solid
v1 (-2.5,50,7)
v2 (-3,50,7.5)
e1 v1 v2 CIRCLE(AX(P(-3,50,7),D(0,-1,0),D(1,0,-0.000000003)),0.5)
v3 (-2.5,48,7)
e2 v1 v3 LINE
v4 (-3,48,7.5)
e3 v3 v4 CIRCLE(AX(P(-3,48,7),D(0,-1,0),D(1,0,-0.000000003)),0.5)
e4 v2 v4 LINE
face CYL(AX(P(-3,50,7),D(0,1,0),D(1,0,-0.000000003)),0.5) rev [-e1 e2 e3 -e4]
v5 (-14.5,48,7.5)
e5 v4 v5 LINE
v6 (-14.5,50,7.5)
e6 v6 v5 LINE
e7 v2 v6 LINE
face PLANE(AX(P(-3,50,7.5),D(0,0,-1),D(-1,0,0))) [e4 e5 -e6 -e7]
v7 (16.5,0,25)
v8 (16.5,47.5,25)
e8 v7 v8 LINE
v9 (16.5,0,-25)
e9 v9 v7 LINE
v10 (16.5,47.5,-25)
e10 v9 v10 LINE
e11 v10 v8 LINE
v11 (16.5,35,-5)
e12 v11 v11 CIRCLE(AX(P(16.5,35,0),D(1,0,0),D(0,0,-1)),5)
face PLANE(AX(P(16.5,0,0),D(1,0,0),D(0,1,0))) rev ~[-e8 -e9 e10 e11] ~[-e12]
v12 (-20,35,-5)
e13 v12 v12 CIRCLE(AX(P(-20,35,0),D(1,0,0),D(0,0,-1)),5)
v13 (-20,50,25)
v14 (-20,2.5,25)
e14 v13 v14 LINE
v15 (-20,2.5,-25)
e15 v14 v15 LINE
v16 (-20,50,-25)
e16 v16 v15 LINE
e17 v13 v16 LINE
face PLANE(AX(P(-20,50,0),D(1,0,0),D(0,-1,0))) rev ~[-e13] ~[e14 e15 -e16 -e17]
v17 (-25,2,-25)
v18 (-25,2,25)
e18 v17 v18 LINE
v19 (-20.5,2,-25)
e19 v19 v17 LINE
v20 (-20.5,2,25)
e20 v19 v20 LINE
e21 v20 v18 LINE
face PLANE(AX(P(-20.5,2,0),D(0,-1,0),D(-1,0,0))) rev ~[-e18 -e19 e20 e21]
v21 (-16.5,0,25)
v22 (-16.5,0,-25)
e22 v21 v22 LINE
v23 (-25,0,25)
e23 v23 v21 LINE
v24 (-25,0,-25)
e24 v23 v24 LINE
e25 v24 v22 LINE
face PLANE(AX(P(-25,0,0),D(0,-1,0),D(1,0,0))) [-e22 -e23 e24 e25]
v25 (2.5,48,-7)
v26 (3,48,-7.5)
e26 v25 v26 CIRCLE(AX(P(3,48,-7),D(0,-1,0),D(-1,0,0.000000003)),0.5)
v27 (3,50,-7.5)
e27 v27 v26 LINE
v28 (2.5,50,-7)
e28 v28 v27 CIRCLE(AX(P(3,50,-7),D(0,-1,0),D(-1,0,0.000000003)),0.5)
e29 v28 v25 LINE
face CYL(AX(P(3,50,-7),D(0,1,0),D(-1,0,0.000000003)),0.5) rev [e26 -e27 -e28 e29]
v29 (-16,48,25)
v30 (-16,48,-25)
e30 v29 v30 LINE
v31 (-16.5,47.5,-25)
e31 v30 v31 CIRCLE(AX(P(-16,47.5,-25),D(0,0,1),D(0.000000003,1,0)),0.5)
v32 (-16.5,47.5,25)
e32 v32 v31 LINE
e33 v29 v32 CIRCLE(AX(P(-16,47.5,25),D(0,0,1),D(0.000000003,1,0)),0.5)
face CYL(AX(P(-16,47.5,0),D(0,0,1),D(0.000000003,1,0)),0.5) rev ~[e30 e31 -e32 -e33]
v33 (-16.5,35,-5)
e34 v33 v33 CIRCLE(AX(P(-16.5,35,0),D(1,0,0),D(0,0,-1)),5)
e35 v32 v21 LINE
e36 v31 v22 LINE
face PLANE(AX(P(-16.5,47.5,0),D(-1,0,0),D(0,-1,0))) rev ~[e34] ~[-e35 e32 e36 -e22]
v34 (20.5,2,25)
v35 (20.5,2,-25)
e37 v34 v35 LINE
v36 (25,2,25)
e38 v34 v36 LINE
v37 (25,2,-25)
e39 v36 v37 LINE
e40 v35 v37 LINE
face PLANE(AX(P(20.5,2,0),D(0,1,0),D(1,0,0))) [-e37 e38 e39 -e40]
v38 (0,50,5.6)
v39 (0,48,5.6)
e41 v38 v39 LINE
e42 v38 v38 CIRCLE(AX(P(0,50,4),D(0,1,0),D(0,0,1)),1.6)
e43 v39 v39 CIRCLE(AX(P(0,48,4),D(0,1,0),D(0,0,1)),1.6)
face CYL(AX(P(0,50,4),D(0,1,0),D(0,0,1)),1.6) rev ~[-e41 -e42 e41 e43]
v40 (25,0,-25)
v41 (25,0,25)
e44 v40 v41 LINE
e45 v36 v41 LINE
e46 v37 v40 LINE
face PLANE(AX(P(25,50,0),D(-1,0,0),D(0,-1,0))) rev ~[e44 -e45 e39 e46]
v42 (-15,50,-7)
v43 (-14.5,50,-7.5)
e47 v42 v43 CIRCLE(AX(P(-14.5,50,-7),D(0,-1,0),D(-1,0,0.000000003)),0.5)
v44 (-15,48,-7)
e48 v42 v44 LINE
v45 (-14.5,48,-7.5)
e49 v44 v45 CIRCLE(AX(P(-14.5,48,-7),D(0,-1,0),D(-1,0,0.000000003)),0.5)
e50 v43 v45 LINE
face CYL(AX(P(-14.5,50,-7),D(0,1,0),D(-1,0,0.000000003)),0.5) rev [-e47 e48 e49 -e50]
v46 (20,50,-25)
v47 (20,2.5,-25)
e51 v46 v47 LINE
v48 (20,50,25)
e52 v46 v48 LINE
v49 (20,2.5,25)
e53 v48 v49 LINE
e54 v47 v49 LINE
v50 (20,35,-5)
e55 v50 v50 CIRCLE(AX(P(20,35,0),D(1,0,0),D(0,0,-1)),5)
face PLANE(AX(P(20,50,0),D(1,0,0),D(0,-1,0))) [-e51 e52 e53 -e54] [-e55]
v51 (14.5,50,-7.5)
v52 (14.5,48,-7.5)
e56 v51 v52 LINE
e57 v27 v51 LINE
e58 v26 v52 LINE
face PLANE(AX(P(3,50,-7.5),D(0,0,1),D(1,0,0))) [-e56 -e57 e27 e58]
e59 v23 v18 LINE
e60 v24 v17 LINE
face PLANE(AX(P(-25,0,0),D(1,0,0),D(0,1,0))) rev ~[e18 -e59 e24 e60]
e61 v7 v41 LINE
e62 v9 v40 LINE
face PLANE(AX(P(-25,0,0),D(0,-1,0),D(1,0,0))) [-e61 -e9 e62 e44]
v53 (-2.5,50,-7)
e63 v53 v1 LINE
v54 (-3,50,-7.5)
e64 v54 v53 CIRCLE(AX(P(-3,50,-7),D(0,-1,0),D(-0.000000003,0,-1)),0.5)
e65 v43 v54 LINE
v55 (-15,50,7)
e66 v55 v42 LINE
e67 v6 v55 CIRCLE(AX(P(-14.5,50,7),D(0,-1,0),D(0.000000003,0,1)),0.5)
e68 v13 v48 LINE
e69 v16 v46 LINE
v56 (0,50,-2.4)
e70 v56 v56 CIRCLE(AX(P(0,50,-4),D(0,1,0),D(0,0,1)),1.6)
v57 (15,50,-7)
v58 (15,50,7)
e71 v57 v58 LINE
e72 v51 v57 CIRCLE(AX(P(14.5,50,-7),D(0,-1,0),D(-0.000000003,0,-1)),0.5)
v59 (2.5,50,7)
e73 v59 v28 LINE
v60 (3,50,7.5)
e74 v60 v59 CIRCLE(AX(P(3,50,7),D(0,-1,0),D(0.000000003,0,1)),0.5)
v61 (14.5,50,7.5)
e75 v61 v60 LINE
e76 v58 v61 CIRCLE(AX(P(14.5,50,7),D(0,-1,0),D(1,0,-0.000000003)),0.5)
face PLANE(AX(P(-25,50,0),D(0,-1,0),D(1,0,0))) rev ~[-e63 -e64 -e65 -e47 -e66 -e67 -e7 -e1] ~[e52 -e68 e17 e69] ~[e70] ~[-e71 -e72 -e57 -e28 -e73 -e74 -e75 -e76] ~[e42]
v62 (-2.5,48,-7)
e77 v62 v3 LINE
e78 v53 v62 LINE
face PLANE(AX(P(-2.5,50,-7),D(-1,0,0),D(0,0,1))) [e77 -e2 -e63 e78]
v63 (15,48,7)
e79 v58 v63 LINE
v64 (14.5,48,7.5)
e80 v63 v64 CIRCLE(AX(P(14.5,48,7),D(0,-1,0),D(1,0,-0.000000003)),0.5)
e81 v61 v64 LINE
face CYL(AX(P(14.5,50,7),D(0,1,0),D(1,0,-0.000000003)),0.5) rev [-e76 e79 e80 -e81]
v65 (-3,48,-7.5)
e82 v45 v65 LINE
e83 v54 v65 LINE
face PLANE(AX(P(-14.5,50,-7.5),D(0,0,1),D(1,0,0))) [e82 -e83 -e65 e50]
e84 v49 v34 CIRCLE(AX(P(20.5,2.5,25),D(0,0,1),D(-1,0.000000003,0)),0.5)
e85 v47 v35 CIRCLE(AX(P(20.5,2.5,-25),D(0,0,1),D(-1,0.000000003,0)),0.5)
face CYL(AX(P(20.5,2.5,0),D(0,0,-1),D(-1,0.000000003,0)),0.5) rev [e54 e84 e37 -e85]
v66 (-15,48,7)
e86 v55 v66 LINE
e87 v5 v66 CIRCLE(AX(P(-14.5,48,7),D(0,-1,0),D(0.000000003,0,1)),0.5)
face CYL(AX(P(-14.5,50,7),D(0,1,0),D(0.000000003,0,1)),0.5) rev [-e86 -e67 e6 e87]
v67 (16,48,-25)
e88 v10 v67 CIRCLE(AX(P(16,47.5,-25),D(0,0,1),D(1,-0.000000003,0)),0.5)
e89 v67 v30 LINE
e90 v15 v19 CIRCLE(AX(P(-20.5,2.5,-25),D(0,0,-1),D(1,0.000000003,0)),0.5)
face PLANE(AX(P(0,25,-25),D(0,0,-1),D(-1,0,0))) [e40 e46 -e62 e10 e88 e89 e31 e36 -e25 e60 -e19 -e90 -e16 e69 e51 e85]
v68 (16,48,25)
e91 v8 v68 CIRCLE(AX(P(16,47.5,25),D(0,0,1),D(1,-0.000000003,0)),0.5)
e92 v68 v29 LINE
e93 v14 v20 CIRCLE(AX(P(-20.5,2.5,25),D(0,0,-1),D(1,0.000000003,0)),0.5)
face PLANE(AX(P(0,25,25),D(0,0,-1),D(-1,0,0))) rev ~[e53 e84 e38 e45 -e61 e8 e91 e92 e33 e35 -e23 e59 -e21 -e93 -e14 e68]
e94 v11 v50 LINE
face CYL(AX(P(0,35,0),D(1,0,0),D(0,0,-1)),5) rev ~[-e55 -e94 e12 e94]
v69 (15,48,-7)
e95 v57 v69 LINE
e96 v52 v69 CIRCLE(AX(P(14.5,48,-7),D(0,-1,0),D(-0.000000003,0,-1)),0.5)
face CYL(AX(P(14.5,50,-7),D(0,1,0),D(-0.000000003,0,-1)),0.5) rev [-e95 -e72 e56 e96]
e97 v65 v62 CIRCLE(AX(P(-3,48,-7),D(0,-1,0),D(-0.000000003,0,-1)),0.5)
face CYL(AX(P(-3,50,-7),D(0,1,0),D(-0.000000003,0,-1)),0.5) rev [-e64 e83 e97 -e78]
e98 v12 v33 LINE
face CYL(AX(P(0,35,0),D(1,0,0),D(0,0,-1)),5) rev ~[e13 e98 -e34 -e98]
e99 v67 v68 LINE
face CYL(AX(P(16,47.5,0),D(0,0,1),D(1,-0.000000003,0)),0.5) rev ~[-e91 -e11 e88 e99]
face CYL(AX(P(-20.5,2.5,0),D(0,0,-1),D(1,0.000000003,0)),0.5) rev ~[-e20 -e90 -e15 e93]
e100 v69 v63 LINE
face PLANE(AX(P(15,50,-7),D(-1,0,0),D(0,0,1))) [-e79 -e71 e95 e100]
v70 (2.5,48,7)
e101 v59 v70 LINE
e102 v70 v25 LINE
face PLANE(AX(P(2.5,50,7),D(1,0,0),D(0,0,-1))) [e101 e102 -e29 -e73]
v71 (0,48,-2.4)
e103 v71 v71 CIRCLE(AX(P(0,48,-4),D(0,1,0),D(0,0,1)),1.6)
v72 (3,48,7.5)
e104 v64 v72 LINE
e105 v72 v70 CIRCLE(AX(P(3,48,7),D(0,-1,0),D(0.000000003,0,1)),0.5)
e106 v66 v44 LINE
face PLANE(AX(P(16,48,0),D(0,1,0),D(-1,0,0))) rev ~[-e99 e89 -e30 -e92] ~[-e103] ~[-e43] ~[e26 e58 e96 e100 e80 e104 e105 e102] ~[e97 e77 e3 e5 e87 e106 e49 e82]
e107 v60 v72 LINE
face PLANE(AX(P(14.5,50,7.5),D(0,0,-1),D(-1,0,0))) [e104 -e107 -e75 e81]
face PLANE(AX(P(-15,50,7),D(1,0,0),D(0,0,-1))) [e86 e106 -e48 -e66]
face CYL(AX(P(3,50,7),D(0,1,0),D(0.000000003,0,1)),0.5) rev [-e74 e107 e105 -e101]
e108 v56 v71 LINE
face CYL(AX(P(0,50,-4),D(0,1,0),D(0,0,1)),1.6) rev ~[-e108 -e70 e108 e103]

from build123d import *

# Parameters (mm, degrees)
EXTRUDE_1_DEPTH     = 25
CUT_EXTRUDE_1_DEPTH = 25
SKETCH_3_R          = 1.6
CUT_EXTRUDE_2_DEPTH = 2
SKETCH_4_R          = 5
CUT_EXTRUDE_3_DEPTH = 25


with BuildPart() as part:
    # 草图1 → 凸台-拉伸1 (new, symmetric)
    with BuildSketch(Plane.XY):
        Polygon((0, 0), (-25, 0), (-25, 50), (25, 50), (25, 0), align=None)
    extrude(amount=EXTRUDE_1_DEPTH, both=True)

    # 草图2 → 切除-拉伸1 (cut, symmetric)
    with BuildSketch(Plane.XY):
        with BuildLine():
            Line((-25, 50), (-20, 50))
            Line((-20, 50), (-20, 2.5))
            ThreePointArc((-20, 2.5), (-20.146446609, 2.146446609), (-20.5, 2))
            Line((-20.5, 2), (-25, 2))
            Line((-25, 2), (-25, 50))
        make_face()
        with BuildLine():
            Line((25, 50), (20, 50))
            Line((20, 50), (20, 2.5))
            ThreePointArc((20, 2.5), (20.146446609, 2.146446609), (20.5, 2))
            Line((20.5, 2), (25, 2))
            Line((25, 2), (25, 50))
        make_face()
        with BuildLine():
            Line((-16.5, 0), (16.5, 0))
            Line((16.5, 0), (16.5, 47.5))
            ThreePointArc((16.5, 47.5), (16.353553391, 47.853553391), (16, 48))
            Line((16, 48), (-16, 48))
            ThreePointArc((-16, 48), (-16.353553391, 47.853553391), (-16.5, 47.5))
            Line((-16.5, 47.5), (-16.5, 0))
        make_face()
    extrude(amount=CUT_EXTRUDE_1_DEPTH, both=True, mode=Mode.SUBTRACT)

    # 草图3 → 切除-拉伸2 (cut)
    with BuildSketch(Plane(origin=(0, 50, 0), x_dir=(1, 0, 0), z_dir=(0, 1, 0))):
        with Locations(Location((0, 4, 0), (0, 0, 270))):
            Circle(SKETCH_3_R)
        with Locations(Location((0, -4, 0), (0, 0, 270))):
            Circle(SKETCH_3_R)
        with BuildLine():
            Line((3, 7.5), (14.5, 7.5))
            ThreePointArc((14.5, 7.5), (14.853553391, 7.353553391), (15, 7))
            Line((15, 7), (15, -7))
            ThreePointArc((15, -7), (14.853553391, -7.353553391), (14.5, -7.5))
            Line((14.5, -7.5), (3, -7.5))
            ThreePointArc((3, -7.5), (2.646446609, -7.353553391), (2.5, -7))
            Line((2.5, -7), (2.5, 7))
            ThreePointArc((2.5, 7), (2.646446609, 7.353553391), (3, 7.5))
        make_face()
        with BuildLine():
            Line((-14.5, 7.5), (-3, 7.5))
            ThreePointArc((-3, 7.5), (-2.646446609, 7.353553391), (-2.5, 7))
            Line((-2.5, 7), (-2.5, 0))
            Line((-2.5, 0), (-2.5, -7))
            ThreePointArc((-2.5, -7), (-2.646446609, -7.353553391), (-3, -7.5))
            Line((-3, -7.5), (-14.5, -7.5))
            ThreePointArc((-14.5, -7.5), (-14.853553391, -7.353553391), (-15, -7))
            Line((-15, -7), (-15, 7))
            ThreePointArc((-15, 7), (-14.853553391, 7.353553391), (-14.5, 7.5))
        make_face()
    extrude(amount=-CUT_EXTRUDE_2_DEPTH, mode=Mode.SUBTRACT)

    # 草图4 → 切除-拉伸3 (cut, symmetric)
    with BuildSketch(Plane(origin=(0, 0, 0), x_dir=(0, 0, -1), z_dir=(1, 0, 0))):
        with Locations((0, 35)):
            Circle(SKETCH_4_R)
    extrude(amount=CUT_EXTRUDE_3_DEPTH, both=True, mode=Mode.SUBTRACT)


solid = part.part
